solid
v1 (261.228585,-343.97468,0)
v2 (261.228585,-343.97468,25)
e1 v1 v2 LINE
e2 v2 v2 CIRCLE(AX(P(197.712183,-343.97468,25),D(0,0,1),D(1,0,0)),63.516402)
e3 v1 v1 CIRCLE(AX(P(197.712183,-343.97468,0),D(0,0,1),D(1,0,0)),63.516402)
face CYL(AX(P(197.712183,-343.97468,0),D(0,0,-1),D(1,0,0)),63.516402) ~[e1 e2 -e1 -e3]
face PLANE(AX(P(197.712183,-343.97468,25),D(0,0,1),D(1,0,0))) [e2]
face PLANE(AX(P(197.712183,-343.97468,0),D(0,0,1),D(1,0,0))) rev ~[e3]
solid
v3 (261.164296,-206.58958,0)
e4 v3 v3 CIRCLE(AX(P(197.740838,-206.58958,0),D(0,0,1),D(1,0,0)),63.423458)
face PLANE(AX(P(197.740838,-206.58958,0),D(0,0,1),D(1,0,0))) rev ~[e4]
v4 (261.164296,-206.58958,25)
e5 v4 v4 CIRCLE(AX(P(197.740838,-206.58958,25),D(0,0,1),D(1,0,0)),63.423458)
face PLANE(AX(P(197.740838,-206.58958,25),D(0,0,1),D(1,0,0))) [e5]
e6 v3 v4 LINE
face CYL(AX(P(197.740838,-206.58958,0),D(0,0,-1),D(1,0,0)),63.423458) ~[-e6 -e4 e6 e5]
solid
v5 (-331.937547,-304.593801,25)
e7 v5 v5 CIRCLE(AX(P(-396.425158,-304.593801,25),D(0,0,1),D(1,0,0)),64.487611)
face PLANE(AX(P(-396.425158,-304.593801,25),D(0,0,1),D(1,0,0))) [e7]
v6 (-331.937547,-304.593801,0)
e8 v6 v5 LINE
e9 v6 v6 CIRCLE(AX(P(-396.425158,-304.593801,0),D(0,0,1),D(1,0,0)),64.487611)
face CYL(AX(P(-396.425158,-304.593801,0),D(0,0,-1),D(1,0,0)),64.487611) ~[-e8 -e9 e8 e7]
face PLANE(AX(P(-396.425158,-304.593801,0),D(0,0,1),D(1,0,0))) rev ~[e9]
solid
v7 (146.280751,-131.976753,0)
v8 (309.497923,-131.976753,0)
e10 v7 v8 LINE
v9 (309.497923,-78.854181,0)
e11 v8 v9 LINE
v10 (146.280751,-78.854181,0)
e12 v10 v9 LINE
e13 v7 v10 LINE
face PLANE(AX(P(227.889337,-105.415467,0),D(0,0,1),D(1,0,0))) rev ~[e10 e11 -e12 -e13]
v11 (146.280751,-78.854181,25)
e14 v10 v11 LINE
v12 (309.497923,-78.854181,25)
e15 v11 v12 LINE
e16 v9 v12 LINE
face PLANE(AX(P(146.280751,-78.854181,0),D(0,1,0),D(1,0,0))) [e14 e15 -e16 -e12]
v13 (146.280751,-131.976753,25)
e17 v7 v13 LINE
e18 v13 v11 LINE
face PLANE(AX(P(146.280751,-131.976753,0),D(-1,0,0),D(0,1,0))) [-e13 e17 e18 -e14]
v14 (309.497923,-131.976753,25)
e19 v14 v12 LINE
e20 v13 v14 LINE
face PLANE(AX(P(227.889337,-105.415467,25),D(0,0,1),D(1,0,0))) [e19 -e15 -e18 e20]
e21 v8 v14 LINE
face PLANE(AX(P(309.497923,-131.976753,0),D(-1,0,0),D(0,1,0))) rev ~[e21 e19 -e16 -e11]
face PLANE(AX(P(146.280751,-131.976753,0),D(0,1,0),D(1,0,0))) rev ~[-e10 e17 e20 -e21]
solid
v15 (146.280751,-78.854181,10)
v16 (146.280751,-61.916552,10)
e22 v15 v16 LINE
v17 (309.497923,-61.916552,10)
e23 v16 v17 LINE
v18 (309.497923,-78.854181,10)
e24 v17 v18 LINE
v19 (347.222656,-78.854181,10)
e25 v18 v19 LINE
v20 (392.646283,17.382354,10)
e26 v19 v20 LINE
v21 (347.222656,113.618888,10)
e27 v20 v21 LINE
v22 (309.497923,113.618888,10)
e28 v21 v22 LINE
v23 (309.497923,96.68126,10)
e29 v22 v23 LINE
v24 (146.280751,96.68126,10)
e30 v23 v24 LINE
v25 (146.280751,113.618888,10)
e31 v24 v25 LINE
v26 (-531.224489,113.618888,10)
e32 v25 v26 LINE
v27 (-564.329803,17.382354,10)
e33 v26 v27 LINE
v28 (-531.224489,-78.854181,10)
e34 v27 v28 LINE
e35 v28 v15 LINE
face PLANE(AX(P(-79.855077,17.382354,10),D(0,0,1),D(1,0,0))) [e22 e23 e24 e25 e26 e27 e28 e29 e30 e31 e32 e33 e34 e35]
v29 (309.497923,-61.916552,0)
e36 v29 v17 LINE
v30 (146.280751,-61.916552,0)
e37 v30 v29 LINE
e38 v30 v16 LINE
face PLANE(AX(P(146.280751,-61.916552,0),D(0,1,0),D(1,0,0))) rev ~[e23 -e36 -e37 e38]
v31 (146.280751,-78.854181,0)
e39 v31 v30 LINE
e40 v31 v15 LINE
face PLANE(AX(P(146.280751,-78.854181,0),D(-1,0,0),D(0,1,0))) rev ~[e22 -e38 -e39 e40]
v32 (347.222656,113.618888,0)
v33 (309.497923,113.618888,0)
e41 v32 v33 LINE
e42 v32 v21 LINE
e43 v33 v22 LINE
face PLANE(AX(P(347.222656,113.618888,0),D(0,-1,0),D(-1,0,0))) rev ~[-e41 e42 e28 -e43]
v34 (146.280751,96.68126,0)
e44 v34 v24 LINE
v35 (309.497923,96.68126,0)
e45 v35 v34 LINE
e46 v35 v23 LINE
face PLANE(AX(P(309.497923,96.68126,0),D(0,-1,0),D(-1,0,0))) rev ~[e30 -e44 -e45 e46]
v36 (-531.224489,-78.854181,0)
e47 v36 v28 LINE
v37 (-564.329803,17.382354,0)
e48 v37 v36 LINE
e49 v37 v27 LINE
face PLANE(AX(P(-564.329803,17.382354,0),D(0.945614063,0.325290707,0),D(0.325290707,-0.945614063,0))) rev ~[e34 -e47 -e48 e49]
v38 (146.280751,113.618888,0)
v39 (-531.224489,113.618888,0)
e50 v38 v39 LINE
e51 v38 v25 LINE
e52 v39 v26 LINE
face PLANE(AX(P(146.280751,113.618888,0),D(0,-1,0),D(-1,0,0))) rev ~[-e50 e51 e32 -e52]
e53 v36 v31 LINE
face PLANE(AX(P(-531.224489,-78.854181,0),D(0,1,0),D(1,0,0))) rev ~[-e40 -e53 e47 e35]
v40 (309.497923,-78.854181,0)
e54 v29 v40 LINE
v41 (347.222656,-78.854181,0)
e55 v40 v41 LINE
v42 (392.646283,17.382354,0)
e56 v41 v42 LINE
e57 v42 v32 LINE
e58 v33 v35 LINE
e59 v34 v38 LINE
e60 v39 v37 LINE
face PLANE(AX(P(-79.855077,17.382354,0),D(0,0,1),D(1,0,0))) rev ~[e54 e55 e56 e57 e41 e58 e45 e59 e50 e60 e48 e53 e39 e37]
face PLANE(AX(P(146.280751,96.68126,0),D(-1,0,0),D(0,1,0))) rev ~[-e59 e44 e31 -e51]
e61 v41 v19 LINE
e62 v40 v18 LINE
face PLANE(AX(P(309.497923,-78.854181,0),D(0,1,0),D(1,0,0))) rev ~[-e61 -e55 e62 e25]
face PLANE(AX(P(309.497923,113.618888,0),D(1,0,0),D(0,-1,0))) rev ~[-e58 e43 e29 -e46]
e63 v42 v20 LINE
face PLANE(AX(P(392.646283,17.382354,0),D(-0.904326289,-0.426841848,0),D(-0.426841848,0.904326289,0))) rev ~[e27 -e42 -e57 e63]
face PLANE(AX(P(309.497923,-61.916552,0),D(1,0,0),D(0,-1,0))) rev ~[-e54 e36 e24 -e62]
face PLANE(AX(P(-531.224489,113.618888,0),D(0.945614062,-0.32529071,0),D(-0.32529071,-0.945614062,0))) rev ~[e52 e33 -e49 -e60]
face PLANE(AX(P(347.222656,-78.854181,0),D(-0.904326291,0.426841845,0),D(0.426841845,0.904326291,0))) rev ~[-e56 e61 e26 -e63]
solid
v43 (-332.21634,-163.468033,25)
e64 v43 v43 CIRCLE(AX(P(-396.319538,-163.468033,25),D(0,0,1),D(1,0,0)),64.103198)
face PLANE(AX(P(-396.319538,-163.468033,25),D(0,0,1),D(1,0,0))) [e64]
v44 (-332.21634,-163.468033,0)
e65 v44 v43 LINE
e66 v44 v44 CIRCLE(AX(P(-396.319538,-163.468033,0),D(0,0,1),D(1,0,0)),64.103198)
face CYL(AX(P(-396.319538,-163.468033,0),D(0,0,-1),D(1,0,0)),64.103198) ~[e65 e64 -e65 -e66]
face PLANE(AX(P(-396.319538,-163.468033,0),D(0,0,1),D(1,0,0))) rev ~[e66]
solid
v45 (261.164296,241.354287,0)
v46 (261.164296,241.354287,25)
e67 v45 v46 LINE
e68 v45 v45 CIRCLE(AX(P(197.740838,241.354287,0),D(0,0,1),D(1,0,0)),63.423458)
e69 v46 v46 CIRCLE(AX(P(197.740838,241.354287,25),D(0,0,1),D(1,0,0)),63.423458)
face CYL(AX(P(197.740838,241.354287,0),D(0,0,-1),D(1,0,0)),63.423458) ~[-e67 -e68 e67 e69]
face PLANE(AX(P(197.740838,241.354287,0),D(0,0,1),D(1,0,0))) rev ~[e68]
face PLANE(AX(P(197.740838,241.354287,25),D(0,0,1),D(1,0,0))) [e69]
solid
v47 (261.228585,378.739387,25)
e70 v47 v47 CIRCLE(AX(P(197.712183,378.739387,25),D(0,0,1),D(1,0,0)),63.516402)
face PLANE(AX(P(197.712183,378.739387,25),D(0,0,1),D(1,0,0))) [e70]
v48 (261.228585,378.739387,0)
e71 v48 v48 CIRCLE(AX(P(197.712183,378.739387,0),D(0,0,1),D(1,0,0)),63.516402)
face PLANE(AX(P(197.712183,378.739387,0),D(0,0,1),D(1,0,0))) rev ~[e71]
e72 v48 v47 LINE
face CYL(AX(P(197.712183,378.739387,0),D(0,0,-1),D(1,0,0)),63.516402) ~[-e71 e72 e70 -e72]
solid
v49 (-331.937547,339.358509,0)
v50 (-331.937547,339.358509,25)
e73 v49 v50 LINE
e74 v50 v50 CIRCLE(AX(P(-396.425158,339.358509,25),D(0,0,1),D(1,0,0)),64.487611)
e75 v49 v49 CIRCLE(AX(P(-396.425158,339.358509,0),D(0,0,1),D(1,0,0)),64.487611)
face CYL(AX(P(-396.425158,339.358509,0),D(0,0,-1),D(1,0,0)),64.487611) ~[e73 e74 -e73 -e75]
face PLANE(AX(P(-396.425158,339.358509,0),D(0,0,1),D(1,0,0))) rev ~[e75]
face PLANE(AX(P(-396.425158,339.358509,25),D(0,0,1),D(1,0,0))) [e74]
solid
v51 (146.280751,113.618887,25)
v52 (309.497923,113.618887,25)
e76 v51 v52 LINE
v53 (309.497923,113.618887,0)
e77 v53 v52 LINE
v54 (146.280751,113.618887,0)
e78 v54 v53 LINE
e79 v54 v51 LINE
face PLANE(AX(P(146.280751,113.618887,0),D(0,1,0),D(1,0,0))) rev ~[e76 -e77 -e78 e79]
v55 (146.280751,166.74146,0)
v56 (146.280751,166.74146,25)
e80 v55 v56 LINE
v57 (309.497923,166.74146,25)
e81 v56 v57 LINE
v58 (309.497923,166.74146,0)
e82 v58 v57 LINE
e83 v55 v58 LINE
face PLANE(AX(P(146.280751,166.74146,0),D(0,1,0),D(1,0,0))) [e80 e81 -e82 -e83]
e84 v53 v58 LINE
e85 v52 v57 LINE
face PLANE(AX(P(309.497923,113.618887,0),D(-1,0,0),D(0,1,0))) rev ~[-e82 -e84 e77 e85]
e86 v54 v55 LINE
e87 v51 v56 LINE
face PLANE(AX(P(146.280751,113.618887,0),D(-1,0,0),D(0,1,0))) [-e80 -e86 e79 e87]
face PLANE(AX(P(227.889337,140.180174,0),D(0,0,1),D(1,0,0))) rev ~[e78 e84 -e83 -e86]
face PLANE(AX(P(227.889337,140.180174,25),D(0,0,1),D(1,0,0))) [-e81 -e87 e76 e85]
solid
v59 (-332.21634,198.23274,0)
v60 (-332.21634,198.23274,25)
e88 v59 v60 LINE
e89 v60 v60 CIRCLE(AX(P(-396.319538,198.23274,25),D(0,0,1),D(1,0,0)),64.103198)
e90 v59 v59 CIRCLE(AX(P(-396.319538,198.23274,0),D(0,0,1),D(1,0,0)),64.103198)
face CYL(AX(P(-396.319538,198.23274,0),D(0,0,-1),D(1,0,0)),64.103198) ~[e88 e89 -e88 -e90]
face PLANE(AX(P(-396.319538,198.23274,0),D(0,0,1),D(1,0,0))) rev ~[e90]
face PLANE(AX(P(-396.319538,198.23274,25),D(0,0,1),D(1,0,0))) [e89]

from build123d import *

# Parameters (mm, degrees)
F0_R     = 64.103198
F0_R_2   = 64.487611
F0_R_3   = 63.516402
F0_R_4   = 63.423458
F0_W     = 163.217172
F0_H     = 53.122573
F0_H_2   = 53.122572
F1_DEPTH = 25
F2_DEPTH = 10


with BuildPart() as f1:
    # F0 (on Top) → F1 (new body)
    with BuildSketch(Plane.XY):
        with Locations((-396.319538, 198.23274)):
            Circle(F0_R)
        with Locations((-396.425158, 339.358509)):
            Circle(F0_R_2)
        with Locations((197.712183, 378.739387)):
            Circle(F0_R_3)
        with Locations((197.740838, 241.354287)):
            Circle(F0_R_4)
        with Locations((197.740838, -206.58958)):
            Circle(F0_R_4)
        with Locations((197.712183, -343.97468)):
            Circle(F0_R_3)
        with Locations((-396.319538, -163.468033)):
            Circle(F0_R)
        with Locations((-396.425158, -304.593801)):
            Circle(F0_R_2)
        with Locations((227.889337, 140.180174)):
            Rectangle(F0_W, F0_H)
        with Locations((227.889337, -105.415467)):
            Rectangle(F0_W, F0_H_2)
    extrude(amount=F1_DEPTH)


with BuildPart() as f2:
    # F0 (on Top) → F2 (new body)
    with BuildSketch(Plane.XY):
        Polygon((146.280751, 113.618888), (-531.224489, 113.618888), (-564.329803, 17.382354), (-531.224489, -78.854181), (146.280751, -78.854181), (146.280751, -61.916552), (309.497923, -61.916552), (309.497923, -78.854181), (347.222656, -78.854181), (392.646283, 17.382354), (347.222656, 113.618888), (309.497923, 113.618888), (309.497923, 96.68126), (146.280751, 96.68126), align=None)
    extrude(amount=F2_DEPTH)


solid = Compound([f1.part, f2.part])
